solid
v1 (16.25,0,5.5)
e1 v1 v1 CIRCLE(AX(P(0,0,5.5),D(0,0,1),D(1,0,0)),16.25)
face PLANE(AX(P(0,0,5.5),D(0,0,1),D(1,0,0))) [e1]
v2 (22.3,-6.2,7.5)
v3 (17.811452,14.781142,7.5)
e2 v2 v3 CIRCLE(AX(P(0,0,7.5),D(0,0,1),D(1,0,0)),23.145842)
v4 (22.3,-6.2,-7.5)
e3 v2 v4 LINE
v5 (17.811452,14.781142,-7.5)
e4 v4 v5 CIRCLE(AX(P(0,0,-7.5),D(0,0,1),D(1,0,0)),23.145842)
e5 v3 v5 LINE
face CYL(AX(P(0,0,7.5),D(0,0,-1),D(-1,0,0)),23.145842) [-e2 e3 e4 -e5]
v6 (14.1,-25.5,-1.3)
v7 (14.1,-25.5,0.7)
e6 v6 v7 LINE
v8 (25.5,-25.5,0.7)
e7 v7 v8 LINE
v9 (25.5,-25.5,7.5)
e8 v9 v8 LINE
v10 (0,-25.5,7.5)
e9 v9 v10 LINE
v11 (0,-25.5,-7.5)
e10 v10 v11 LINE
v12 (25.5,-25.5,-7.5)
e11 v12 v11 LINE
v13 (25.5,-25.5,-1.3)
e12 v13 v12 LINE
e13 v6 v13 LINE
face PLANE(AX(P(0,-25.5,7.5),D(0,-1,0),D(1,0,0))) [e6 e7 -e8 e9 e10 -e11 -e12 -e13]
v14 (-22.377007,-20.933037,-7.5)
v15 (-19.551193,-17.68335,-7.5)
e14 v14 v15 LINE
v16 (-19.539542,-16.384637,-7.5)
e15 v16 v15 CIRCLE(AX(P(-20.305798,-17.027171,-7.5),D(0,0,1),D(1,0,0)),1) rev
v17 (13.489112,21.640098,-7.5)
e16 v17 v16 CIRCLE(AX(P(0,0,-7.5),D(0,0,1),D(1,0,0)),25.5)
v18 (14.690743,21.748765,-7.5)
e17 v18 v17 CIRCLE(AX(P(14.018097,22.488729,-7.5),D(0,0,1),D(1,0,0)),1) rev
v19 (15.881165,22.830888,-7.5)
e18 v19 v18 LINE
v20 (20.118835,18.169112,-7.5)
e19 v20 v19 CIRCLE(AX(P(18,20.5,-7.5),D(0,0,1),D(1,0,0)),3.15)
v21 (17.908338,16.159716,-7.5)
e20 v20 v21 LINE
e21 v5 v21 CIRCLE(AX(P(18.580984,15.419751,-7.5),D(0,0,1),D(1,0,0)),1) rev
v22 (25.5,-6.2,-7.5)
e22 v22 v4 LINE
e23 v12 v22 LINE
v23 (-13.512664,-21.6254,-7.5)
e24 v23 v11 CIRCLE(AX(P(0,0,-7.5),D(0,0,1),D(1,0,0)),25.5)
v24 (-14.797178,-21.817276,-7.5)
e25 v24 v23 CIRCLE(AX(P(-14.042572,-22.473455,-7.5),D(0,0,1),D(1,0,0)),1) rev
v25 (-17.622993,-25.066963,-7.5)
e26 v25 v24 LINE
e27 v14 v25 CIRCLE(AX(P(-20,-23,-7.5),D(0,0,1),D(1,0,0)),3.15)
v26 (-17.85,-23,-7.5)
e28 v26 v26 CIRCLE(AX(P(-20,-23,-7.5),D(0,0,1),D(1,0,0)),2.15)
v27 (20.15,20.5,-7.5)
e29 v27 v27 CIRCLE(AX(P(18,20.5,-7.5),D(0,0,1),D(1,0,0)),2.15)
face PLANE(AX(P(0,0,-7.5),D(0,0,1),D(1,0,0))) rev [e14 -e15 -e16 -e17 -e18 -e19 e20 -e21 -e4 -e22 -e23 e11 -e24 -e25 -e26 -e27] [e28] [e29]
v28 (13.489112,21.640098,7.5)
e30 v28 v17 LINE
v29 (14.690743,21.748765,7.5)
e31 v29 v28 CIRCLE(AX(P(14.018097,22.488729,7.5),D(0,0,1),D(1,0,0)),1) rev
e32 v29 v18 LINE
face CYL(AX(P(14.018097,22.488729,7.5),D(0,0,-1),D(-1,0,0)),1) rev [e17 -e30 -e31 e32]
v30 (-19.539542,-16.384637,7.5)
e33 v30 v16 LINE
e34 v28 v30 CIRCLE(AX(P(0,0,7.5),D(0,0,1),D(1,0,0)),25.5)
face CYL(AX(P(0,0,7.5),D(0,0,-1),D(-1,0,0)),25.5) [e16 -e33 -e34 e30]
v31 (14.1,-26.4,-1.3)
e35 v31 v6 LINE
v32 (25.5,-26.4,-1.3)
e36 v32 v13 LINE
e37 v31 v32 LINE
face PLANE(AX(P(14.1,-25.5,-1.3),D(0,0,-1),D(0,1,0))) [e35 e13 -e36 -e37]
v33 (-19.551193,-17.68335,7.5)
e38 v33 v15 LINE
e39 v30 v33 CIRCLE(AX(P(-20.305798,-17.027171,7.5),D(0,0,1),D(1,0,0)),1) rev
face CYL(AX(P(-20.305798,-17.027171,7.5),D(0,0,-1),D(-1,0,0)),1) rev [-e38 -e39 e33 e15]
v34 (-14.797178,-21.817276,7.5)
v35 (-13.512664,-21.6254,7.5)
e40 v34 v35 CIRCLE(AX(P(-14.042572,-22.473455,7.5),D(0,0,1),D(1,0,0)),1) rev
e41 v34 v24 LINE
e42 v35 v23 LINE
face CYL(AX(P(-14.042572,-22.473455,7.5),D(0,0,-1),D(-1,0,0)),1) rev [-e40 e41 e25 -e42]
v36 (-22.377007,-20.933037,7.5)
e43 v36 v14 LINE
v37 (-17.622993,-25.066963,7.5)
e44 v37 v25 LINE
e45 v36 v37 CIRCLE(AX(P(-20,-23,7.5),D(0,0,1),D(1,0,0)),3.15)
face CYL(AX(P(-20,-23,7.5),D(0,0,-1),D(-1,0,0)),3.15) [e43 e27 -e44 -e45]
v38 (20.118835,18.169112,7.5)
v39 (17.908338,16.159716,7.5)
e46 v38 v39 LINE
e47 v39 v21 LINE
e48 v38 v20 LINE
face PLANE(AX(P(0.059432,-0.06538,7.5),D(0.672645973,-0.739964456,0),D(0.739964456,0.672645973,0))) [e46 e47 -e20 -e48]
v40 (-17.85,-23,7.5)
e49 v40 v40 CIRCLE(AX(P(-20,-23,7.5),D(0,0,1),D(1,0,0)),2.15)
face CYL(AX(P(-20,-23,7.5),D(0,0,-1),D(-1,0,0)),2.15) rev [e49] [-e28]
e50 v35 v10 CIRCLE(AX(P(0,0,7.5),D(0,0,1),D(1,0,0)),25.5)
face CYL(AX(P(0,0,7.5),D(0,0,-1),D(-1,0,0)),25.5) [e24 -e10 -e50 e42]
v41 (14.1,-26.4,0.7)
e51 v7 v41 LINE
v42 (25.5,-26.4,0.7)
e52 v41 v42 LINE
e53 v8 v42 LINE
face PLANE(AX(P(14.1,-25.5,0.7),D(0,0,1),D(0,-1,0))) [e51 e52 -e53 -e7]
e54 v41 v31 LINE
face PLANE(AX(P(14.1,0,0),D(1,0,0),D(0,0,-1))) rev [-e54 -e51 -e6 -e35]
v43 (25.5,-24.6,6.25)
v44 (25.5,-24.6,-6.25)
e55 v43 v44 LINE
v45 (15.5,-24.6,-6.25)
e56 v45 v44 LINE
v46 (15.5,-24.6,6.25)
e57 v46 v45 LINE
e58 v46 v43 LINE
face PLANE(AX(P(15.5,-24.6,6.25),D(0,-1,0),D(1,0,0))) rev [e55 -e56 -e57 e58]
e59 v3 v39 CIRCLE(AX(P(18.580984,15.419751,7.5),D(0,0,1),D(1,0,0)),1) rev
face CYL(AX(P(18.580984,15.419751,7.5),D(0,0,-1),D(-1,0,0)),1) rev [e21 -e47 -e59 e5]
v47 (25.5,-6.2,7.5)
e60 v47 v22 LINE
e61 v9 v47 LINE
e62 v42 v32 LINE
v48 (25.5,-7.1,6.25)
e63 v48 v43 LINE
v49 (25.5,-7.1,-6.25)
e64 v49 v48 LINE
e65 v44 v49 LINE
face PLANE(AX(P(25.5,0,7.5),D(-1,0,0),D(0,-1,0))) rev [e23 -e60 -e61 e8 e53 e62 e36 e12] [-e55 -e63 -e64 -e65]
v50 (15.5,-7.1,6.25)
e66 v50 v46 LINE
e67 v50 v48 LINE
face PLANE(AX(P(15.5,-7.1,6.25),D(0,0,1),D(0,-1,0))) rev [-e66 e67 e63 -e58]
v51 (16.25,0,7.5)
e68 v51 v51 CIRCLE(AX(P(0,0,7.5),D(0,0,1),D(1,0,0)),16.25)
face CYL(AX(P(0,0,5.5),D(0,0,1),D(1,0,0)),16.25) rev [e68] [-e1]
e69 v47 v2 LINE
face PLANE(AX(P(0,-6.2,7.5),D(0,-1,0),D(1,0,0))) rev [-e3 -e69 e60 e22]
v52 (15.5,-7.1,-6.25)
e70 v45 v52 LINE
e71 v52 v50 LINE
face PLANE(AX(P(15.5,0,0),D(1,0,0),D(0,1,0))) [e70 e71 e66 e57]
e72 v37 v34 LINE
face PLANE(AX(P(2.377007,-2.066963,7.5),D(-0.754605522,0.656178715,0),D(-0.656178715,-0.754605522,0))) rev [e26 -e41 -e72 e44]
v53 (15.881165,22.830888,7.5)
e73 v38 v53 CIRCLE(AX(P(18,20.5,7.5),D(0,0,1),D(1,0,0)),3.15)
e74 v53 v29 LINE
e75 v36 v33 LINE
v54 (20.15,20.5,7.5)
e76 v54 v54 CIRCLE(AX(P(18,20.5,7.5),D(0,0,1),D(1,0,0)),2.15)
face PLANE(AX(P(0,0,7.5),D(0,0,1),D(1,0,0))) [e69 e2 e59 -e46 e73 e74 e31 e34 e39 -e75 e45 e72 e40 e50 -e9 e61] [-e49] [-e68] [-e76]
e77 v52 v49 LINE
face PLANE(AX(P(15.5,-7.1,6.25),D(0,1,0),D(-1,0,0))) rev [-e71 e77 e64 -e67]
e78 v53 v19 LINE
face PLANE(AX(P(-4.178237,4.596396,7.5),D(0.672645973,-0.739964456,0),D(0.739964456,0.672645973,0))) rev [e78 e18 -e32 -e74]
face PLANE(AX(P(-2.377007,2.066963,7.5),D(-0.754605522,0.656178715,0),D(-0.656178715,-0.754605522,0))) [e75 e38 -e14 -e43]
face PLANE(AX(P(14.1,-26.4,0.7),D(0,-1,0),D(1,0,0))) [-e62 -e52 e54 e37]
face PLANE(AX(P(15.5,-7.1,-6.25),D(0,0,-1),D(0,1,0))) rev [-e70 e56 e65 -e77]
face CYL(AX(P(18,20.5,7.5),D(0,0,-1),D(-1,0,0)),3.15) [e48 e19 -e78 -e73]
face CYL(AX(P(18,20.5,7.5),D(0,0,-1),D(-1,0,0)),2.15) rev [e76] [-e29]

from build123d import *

# Parameters (mm, degrees)
SKETCH1_R           = 3.15
SKETCH1_R_2         = 2.15
BOSS_EXTRUDE1_DEPTH = 7.5
SKETCH3_W           = 2
SKETCH3_H           = 0.9
BOSS_EXTRUDE2_DEPTH = 11.4
SKETCH4_R           = 16.25
CUT_EXTRUDE1_DEPTH  = 2
SKETCH5_W           = 12.5
SKETCH5_H           = 17.5
CUT_EXTRUDE2_DEPTH  = 10


with BuildPart() as part:
    # Sketch1 → Boss-Extrude1 (new, symmetric)
    # profile 1 of 5: a face of its own
    with BuildSketch(Plane.XY):
        with BuildLine():
            ThreePointArc((-13.512663894, -21.625399753), (-7.028595389, -24.512218318), (0, -25.5))
            Line((0, -25.5), (0, -6.2))
            Line((0, -6.2), (22.3, -6.2))
            ThreePointArc((22.3, -6.2), (22.633696889, 4.842082728), (17.811452389, 14.781142168))
            ThreePointArc((17.811452389, 14.781142168), (17.583444291, 15.489857701), (17.908337826, 16.159715588))
            Line((17.908337826, 16.159715588), (18.928412767, 17.086988913))
            Line((18.928412767, 17.086988913), (20.118834813, 18.169111965))
            ThreePointArc((20.118834813, 18.169111965), (15.669111965, 18.381165187), (15.881165187, 22.830888035))
            Line((15.881165187, 22.830888035), (14.69074314, 21.748764984))
            ThreePointArc((14.69074314, 21.748764984), (14.108162444, 21.492793575), (13.489112369, 21.64009814))
            ThreePointArc((13.489112369, 21.64009814), (-19.251546311, 16.722080152), (-19.539541583, -16.384636545))
            ThreePointArc((-19.539541583, -16.384636545), (-19.305838355, -17.036142145), (-19.551192594, -17.683350027))
            Line((-19.551192594, -17.683350027), (-22.377007395, -20.933037048))
            ThreePointArc((-22.377007395, -20.933037048), (-18.896612782, -20.049570091), (-16.85, -23))
            ThreePointArc((-16.85, -23), (-17.049570091, -24.103387218), (-17.622992605, -25.066962952))
            Line((-17.622992605, -25.066962952), (-14.797177804, -21.817275931))
            ThreePointArc((-14.797177804, -21.817275931), (-14.190309608, -21.484428012), (-13.512663894, -21.625399753))
        make_face()
    # profile 2 of 5: a face of its own
    with BuildSketch(Plane.XY):
        with Locations((-20, -23)):
            Circle(SKETCH1_R)
        with Locations((-20, -23)):
            Circle(SKETCH1_R_2, mode=Mode.SUBTRACT)
    # profile 3 of 5: a face of its own
    with BuildSketch(Plane.XY):
        with Locations((18, 20.5)):
            Circle(SKETCH1_R)
        with Locations((18, 20.5)):
            Circle(SKETCH1_R_2, mode=Mode.SUBTRACT)
    # profile 4 of 5: a face of its own
    with BuildSketch(Plane.XY):
        with BuildLine():
            Line((0, -6.2), (0, -25.5))
            ThreePointArc((0, -25.5), (15.686777872, -20.104104059), (24.734793308, -6.2))
            Line((24.734793308, -6.2), (22.3, -6.2))
            Line((22.3, -6.2), (0, -6.2))
        make_face()
    # profile 5 of 5: a face of its own
    with BuildSketch(Plane.XY):
        with BuildLine():
            Line((0, -25.5), (25.5, -25.5))
            Line((25.5, -25.5), (25.5, -6.2))
            Line((25.5, -6.2), (24.734793308, -6.2))
            ThreePointArc((24.734793308, -6.2), (15.686777872, -20.104104059), (0, -25.5))
        make_face()
    extrude(amount=BOSS_EXTRUDE1_DEPTH, both=True)

    # Sketch3 → Boss-Extrude2 (add)
    with BuildSketch(Plane(origin=(25.5, 0, 0), x_dir=(0, 0, -1), z_dir=(1, 0, 0))):
        with Locations((0.3, -25.95)):
            Rectangle(SKETCH3_W, SKETCH3_H)
    extrude(amount=-BOSS_EXTRUDE2_DEPTH)

    # Sketch4 → Cut-Extrude1 (cut)
    with BuildSketch(Plane.XY.offset(7.5)):
        Circle(SKETCH4_R)
    extrude(amount=-CUT_EXTRUDE1_DEPTH, mode=Mode.SUBTRACT)

    # Sketch5 → Cut-Extrude2 (cut)
    with BuildSketch(Plane(origin=(25.5, 0, 0), x_dir=(0, 0, -1), z_dir=(1, 0, 0))):
        with Locations((0, -15.85)):
            Rectangle(SKETCH5_W, SKETCH5_H)
    extrude(amount=-CUT_EXTRUDE2_DEPTH, mode=Mode.SUBTRACT)


solid = part.part
